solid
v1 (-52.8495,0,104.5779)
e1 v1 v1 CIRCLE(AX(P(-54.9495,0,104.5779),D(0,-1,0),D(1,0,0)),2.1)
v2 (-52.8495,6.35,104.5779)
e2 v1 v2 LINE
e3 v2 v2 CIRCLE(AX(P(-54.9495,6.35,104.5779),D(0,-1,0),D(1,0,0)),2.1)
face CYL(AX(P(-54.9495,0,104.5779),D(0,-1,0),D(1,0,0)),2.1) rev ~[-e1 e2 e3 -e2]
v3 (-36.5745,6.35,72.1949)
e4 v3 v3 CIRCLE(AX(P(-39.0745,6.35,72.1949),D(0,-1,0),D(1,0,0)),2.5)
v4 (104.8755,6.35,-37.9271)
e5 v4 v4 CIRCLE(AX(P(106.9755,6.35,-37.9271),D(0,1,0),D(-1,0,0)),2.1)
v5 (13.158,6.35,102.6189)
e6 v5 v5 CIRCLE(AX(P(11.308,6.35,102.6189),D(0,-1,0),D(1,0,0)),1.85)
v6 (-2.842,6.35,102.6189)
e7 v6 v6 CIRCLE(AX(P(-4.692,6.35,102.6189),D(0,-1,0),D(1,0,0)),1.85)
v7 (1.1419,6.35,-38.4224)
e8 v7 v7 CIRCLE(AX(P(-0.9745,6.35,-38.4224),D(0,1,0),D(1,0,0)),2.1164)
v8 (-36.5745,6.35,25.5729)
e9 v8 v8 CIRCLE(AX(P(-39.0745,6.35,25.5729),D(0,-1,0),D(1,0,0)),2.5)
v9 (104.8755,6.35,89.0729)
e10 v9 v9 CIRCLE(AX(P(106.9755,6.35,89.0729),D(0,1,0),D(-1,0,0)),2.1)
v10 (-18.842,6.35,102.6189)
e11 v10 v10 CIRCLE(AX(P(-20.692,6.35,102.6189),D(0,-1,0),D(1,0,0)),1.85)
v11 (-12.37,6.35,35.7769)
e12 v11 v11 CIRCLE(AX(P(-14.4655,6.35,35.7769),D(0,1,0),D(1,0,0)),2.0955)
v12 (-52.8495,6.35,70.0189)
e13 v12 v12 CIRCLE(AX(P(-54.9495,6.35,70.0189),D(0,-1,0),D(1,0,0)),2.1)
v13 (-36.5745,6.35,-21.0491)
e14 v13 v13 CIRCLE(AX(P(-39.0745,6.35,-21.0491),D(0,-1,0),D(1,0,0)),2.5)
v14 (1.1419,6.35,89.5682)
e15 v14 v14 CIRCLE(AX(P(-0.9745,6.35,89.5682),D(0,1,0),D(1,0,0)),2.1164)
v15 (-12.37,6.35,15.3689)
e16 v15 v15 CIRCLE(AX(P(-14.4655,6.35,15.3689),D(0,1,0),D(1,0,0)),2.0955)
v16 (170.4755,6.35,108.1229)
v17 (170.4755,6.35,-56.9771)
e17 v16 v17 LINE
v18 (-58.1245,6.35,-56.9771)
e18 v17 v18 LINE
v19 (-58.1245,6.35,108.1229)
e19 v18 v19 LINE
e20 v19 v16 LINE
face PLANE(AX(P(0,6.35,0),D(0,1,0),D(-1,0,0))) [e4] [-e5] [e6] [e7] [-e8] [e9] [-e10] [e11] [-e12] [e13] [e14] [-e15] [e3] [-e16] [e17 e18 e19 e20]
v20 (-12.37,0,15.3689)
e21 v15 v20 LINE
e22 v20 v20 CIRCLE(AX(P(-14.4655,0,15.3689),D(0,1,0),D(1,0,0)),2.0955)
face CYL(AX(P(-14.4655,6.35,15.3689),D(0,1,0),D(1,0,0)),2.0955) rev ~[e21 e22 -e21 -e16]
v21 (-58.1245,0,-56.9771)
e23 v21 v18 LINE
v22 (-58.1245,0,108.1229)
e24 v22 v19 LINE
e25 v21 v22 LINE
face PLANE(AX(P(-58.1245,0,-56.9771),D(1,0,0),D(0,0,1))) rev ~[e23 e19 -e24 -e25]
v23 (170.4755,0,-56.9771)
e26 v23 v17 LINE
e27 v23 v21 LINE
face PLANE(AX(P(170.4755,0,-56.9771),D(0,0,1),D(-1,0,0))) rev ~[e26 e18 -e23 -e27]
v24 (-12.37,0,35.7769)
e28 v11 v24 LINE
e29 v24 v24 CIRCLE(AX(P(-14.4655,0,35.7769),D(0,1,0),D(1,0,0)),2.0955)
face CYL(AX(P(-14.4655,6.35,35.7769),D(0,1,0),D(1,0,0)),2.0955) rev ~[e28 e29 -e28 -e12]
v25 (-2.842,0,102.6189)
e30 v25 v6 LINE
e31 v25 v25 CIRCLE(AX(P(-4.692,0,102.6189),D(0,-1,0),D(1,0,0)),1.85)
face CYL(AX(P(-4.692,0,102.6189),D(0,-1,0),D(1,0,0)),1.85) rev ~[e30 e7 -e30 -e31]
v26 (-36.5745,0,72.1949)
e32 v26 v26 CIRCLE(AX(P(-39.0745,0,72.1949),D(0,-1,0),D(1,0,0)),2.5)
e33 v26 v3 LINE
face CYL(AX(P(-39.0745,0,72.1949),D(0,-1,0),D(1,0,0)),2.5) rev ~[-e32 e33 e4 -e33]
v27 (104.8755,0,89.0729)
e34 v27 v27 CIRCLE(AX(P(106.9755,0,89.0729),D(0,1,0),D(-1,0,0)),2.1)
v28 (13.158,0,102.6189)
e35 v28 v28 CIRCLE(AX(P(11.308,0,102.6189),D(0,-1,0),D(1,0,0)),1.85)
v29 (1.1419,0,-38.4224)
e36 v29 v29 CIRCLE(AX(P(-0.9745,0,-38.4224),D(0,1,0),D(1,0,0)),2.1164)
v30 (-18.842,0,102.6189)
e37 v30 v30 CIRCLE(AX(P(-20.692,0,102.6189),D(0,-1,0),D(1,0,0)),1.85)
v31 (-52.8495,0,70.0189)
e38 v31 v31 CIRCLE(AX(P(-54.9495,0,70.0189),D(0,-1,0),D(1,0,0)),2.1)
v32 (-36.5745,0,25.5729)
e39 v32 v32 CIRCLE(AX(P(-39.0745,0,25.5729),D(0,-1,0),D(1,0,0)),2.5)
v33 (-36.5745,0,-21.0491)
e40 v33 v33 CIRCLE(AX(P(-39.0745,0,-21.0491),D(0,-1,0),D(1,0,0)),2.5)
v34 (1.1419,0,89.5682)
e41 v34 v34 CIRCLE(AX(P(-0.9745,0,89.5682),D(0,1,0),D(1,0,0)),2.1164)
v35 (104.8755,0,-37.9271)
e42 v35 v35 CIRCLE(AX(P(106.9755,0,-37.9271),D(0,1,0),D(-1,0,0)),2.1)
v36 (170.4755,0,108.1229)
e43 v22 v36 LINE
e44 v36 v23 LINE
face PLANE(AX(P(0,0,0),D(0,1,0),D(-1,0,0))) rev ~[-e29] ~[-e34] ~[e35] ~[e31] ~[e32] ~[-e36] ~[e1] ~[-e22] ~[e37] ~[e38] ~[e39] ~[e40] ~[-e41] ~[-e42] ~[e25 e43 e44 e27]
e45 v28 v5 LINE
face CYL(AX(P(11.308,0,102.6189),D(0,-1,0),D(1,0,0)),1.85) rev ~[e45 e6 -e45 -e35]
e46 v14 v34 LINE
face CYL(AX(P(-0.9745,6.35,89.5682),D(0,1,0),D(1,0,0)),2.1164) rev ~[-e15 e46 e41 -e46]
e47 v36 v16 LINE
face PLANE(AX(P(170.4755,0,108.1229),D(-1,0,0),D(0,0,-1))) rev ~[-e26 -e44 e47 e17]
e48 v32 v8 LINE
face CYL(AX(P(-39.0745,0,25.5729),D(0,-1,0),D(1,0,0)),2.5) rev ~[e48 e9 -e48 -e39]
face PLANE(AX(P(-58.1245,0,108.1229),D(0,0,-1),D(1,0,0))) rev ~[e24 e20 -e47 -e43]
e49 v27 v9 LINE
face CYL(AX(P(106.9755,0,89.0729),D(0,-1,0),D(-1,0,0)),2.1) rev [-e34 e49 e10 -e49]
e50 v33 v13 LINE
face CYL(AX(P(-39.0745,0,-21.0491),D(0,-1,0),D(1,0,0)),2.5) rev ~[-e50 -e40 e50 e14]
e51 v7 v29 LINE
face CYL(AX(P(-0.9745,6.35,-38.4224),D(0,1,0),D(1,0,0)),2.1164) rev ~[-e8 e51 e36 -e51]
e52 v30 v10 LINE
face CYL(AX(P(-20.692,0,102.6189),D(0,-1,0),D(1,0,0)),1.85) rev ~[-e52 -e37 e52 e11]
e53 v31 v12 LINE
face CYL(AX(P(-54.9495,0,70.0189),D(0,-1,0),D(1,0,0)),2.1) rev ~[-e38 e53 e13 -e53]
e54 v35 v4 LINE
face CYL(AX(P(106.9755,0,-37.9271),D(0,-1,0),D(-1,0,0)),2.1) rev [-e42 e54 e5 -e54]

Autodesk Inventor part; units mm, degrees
ref_plane "YZ Plane" through (0, 0, 0) normal (1, 0, 0) x (0, 1, 0)
ref_plane "XZ Plane" through (0, 0, 0) normal (0, 1, 0) x (-1, 0, 0)
ref_plane "XY Plane" through (0, 0, 0) normal (0, 0, 1) x (1, 0, 0)
sketch "Sketch1" plane through (0, 0, 0) normal (0, 1, 0) x (-1, 0, 0)
  line L0 (58.1245, 108.1229) -> (-170.4755, 108.1229)
  line L1 (-170.4755, 108.1229) -> (-170.4755, -56.9771)
  line L2 (-170.4755, -56.9771) -> (58.1245, -56.9771)
  line L3 (58.1245, -56.9771) -> (58.1245, 108.1229)
  circle A0 centre (-106.9755, 89.0729) radius 2.1
  circle A1 centre (-106.9755, -37.9271) radius 2.1
extrude "Extrusion2" add sketch "Sketch1" along normal blind 6.35
sketch "Sketch2" plane through (0, 6.35, 0) normal (0, 1, 0) x (1, 0, 0)
  circle A0 centre (-0.9745, -89.5682) radius 2.1164
  circle A1 centre (-0.9745, 38.4224) radius 2.1164
  line L0 (-58.1245, 56.9771) -> (-58.1245, -108.1229) construction
  point P0 (0, 0)
  dimension "d19" = 127.9906
  dimension "d20" = 57.15
extrude "Extrusion3" cut sketch "Sketch2" against normal through all
sketch "Sketch3" plane through (0, 0, 0) normal (0, -1, 0) x (1, 0, 0)
  line L0 (-58.1245, 108.1229) -> (170.4755, 108.1229) construction
  line L1 (-58.1245, -56.9771) -> (-58.1245, 108.1229) construction
  line L2 (170.4755, -56.9771) -> (-58.1245, -56.9771) construction
  circle A0 centre (-39.0745, -21.0491) radius 2.5
  circle A1 centre (-39.0745, 72.1949) radius 2.5
  circle A2 centre (-39.0745, 25.5729) radius 2.5
  point P0 (0, 0)
  dimension "d21" = 5
  dimension "d22" = 5
  dimension "d24" = 165.1
  dimension "d25" = 35.928
  dimension "d28" = 19.05
  dimension "d34" = 35.928
extrude "Extrusion6" cut sketch "Sketch3" against normal through all
sketch "Sketch5" plane through (0, 6.35, 0) normal (0, 1, 0) x (1, 0, 0)
  line L0 (-58.1245, -108.1229) -> (170.4755, -108.1229) construction
  line L1 (170.4755, 56.9771) -> (-58.1245, 56.9771) construction
  line L2 (-58.1245, 56.9771) -> (-58.1245, -108.1229) construction
  circle A0 centre (-14.4655, -35.7769) radius 2.0955
  circle A1 centre (-14.4655, -15.3689) radius 2.0955
  line L3 (-8.4587, -93.3037) -> (-8.4587, -42.9623)
  point P0 (0, 0)
  dimension "d37" = 72.346
  dimension "d39" = 72.346
  dimension "d40" = 4.191
  dimension "d41" = 43.659
  dimension "d42" = 4.191
  dimension "d43" = 43.659
extrude "Extrusion7" cut sketch "Sketch5" against normal through all
sketch "Sketch6" plane through (0, 0, 0) normal (0, -1, 0) x (1, 0, 0)
  line L0 (-58.1245, 108.1229) -> (170.4755, 108.1229) construction
  circle A0 centre (-20.692, 102.6189) radius 1.85
  circle A1 centre (11.308, 102.6189) radius 1.85
  circle A2 centre (-4.692, 102.6189) radius 1.85
  point P0 (0, 0)
extrude "Extrusion8" cut sketch "Sketch6" against normal through all
sketch "Sketch8" plane through (0, 0, 0) normal (0, -1, 0) x (1, 0, 0)
  line L0 (-58.1245, 108.1229) -> (170.4755, 108.1229) construction
  line L1 (-58.1245, -56.9771) -> (-58.1245, 108.1229) construction
  circle A0 centre (-54.9495, 104.5779) radius 2.1
  circle A1 centre (-54.9495, 70.0189) radius 2.1
  point P0 (0, 0)
  dimension "d53" = 4.2
  dimension "d54" = 4.2
  dimension "d55" = 3.545
  dimension "d56" = 3.175
  dimension "d57" = 3.175
  dimension "d58" = 38.104
extrude "Extrusion9" cut sketch "Sketch8" against normal through all
properties part number "Plexiglass Hub Holding Plate"
